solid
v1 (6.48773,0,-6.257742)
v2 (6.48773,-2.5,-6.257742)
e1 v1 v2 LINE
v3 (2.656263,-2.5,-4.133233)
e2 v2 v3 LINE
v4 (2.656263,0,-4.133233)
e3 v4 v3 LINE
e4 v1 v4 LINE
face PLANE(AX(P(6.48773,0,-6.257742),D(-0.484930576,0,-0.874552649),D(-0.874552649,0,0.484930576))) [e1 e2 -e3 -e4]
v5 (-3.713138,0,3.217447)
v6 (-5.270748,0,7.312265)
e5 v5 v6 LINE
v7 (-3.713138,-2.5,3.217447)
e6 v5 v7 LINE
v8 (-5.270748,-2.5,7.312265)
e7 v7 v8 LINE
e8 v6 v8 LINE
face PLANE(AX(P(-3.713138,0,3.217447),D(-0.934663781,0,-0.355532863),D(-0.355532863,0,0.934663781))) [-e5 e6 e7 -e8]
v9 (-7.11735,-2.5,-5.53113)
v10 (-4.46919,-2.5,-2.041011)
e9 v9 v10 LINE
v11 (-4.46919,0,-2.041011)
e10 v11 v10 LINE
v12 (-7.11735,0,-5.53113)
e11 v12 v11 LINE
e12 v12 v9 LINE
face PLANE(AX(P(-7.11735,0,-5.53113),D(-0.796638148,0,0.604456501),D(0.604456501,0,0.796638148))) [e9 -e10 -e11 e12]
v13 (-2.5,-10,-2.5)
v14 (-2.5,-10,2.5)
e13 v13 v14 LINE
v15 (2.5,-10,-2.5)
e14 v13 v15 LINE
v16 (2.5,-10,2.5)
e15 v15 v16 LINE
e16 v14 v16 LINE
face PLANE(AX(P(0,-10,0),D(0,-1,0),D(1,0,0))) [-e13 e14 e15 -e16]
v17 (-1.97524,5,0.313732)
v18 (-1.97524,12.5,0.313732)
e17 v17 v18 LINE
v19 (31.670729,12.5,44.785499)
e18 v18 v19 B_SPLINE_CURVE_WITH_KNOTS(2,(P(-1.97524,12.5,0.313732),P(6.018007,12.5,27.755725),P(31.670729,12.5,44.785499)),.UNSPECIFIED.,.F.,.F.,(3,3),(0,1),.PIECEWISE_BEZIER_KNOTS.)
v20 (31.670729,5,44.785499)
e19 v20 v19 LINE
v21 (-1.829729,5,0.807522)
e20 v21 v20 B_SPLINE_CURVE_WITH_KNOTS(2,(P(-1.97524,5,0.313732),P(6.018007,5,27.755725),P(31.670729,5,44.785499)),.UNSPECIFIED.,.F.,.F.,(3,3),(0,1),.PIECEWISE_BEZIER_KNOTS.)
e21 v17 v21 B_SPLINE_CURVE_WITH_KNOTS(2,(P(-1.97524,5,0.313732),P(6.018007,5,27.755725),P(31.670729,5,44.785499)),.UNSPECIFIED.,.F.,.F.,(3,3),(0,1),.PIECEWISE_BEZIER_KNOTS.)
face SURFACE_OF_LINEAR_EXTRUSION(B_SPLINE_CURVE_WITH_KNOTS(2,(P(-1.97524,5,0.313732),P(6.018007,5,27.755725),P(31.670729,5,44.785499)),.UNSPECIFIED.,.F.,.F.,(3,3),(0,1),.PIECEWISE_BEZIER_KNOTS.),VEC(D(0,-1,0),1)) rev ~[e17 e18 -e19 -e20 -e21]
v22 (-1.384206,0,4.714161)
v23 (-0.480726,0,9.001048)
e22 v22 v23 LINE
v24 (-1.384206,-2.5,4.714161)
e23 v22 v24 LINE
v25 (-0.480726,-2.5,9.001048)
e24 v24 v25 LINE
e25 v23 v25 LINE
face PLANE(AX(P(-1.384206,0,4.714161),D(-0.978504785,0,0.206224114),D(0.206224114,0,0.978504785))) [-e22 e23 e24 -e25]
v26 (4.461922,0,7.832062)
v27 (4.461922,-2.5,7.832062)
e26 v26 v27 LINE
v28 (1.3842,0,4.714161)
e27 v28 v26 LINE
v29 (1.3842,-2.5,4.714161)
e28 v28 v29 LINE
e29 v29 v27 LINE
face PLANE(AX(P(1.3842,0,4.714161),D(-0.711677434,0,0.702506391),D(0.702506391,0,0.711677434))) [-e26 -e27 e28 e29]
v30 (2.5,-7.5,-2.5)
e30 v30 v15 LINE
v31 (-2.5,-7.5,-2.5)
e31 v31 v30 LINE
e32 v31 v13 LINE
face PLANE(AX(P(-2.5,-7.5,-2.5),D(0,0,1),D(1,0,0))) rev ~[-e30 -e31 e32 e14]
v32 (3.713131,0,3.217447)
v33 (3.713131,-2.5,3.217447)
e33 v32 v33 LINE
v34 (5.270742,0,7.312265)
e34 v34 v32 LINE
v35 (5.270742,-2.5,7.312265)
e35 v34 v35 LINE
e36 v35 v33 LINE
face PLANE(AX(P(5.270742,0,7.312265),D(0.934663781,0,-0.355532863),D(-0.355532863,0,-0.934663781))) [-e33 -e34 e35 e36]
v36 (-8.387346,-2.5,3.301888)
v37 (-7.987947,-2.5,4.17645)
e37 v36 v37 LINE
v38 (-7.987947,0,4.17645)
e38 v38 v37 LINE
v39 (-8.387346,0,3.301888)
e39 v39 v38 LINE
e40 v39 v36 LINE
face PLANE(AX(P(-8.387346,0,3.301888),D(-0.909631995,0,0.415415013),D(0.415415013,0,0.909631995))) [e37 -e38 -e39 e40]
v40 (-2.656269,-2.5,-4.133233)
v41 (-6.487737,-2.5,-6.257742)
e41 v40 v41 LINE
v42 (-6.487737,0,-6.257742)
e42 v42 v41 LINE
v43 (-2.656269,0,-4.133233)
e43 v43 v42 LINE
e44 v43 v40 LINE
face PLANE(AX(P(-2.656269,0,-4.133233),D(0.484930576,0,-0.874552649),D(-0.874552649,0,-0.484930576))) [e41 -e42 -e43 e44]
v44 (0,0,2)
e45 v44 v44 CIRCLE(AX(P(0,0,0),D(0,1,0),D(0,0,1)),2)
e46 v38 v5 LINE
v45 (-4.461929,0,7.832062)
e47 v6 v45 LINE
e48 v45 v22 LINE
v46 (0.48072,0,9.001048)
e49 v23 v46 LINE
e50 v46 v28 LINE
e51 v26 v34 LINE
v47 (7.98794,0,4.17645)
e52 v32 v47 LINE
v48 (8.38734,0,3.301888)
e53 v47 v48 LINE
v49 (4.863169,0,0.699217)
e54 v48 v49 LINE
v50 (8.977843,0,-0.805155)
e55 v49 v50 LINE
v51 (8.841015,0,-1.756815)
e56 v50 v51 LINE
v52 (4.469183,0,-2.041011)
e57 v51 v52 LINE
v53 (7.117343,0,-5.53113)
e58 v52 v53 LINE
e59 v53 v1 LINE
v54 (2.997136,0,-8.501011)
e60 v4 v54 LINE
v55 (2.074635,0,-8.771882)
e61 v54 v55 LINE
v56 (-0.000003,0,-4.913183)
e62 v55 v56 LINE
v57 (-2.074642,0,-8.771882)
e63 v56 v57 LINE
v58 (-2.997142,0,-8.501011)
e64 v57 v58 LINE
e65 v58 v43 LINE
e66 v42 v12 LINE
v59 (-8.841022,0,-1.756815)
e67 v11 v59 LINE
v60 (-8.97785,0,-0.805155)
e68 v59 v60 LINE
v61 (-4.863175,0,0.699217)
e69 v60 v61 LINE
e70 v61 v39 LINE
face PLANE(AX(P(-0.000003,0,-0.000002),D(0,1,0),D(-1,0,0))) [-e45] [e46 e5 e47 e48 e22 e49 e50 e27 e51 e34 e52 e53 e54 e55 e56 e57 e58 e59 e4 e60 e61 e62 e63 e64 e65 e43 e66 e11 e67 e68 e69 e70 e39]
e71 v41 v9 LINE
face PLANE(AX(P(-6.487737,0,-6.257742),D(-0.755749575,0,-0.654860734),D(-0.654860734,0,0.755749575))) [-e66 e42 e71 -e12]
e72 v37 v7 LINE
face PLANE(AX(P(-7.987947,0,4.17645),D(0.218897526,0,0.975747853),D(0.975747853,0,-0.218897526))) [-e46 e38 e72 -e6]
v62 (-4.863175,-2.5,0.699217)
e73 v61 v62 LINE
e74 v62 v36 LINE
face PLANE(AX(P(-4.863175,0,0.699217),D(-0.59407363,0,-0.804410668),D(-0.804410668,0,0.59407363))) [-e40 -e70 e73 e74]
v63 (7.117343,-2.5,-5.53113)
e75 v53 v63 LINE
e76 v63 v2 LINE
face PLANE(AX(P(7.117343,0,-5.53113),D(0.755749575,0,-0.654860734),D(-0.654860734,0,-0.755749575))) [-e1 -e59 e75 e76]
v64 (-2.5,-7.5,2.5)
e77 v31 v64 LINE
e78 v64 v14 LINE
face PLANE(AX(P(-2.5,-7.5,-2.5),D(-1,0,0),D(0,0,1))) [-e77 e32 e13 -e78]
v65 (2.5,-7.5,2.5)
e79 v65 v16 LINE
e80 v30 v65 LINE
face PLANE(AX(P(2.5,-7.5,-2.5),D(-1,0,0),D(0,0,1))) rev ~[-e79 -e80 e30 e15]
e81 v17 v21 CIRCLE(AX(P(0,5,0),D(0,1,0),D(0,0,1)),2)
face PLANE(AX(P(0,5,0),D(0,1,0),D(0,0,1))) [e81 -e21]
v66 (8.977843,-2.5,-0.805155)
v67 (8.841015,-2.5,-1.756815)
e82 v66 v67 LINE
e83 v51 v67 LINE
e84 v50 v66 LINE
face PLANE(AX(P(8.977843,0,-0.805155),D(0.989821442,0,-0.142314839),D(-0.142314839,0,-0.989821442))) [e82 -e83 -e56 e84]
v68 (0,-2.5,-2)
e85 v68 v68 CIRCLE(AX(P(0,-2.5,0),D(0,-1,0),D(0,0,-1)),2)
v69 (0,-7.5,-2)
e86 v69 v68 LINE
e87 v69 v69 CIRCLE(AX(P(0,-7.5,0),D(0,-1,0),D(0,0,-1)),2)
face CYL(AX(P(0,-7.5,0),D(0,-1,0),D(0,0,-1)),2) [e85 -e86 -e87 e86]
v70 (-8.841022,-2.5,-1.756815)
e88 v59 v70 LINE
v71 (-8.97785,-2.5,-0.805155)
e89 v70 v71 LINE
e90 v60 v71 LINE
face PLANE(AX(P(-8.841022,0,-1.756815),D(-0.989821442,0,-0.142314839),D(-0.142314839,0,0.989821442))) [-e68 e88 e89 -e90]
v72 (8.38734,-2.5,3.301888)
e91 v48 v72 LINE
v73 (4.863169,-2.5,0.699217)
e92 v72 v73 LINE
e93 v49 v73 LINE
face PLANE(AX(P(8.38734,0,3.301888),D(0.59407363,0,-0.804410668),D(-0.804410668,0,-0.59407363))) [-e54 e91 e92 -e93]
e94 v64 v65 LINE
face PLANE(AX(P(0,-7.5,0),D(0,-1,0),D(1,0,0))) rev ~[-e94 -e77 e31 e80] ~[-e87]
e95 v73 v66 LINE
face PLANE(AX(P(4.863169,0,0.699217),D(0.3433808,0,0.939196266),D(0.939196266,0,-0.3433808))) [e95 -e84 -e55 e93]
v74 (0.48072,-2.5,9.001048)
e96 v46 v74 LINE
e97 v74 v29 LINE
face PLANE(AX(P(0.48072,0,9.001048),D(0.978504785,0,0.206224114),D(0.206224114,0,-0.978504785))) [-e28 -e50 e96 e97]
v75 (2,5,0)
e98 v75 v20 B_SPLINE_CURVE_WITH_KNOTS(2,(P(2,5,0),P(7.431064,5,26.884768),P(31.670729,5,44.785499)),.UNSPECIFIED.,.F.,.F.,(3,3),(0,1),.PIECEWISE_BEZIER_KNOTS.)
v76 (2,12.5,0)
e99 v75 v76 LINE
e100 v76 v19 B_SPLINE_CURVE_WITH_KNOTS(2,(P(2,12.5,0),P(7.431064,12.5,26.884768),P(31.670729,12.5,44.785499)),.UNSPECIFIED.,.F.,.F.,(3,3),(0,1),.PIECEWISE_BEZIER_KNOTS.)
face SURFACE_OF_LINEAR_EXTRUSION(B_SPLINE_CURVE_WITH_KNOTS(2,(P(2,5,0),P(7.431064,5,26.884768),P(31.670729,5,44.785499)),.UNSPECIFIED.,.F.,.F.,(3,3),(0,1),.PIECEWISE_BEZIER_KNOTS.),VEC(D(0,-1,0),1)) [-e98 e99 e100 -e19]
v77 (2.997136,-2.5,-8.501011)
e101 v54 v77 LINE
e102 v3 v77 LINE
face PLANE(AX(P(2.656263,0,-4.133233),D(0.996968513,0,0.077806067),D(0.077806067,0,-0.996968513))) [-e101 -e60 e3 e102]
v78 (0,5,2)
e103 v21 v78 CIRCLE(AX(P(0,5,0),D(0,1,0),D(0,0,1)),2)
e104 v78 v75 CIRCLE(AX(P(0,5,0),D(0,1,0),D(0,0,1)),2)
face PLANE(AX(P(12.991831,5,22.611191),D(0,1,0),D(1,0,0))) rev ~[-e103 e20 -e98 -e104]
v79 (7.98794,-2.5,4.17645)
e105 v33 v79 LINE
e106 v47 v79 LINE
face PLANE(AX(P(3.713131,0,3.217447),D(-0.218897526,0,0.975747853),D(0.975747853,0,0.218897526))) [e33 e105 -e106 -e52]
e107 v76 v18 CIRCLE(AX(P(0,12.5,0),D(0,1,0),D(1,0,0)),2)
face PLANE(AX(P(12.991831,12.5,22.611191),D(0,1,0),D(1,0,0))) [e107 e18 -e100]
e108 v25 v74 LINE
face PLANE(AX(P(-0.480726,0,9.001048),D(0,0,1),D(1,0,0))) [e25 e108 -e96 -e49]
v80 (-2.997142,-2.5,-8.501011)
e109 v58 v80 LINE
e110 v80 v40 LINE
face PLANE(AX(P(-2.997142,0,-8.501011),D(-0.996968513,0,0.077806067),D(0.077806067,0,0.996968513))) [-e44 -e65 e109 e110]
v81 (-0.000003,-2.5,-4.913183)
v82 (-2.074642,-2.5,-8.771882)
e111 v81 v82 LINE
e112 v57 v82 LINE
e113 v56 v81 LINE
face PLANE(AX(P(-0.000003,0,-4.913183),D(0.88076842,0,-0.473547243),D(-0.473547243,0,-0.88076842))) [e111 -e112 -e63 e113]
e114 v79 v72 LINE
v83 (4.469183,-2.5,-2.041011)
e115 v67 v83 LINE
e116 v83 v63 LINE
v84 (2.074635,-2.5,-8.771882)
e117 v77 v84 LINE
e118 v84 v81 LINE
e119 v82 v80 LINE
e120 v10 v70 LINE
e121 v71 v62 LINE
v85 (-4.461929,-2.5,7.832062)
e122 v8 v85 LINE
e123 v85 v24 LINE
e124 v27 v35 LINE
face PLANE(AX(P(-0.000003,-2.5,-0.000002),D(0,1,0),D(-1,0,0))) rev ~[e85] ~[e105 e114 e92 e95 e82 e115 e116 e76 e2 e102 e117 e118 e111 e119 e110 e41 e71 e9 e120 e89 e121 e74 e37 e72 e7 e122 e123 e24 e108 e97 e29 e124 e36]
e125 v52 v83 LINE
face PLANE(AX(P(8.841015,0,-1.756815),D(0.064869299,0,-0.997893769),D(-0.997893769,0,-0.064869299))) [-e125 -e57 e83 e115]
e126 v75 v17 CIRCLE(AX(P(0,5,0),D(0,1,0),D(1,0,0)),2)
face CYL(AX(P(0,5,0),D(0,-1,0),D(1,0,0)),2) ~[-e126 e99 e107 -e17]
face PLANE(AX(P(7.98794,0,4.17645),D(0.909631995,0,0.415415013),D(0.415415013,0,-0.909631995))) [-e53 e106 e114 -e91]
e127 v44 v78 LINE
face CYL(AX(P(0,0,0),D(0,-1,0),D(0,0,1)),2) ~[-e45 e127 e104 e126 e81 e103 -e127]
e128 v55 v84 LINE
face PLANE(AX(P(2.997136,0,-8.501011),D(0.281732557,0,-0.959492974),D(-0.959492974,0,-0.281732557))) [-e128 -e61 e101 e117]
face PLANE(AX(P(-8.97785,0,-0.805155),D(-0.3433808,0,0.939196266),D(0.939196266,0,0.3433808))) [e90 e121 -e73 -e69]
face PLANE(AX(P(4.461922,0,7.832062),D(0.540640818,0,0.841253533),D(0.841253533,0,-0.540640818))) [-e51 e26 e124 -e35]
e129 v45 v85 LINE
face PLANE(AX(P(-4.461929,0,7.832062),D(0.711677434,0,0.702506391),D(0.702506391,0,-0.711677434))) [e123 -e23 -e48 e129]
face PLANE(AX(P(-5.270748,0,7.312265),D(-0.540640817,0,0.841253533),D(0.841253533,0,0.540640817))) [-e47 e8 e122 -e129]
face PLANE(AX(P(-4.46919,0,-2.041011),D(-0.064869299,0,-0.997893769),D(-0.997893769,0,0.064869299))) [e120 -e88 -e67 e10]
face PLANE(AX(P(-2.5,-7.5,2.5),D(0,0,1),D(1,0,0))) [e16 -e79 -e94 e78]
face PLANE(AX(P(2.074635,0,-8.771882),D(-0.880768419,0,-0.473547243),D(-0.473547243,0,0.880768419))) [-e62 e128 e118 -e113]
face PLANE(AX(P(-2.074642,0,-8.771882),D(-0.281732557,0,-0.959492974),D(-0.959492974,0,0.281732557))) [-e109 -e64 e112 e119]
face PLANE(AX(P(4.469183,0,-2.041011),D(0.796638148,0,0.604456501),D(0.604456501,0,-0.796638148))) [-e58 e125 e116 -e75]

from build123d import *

# Parameters (mm, degrees)
ESQUISSE1_R        = 2
BOSS_EXTRU_1_DEPTH = 5
BOSS_EXTRU_2_DEPTH = 7.5
BOSS_EXTRU_3_DEPTH = 2.5
BOSS_EXTRU_4_START = 5
ESQUISSE5_R        = 2
BOSS_EXTRU_4_DEPTH = 5
ESQUISSE6_W        = 5
ESQUISSE6_H        = 5
BOSS_EXTRU_5_DEPTH = 2.5


with BuildPart() as part:
    # Esquisse1 → Boss.-Extru.1 (new body)
    with BuildSketch(Plane(origin=(0, 0, 0), x_dir=(1, 0, 0), z_dir=(0, 1, 0))):
        with Locations(Location((0, 0, 0), (0, 0, 270))):
            Circle(ESQUISSE1_R)
    extrude(amount=BOSS_EXTRU_1_DEPTH)

    # Esquisse2 → Boss.-Extru.2 (add)
    with BuildSketch(Plane(origin=(0, 5, 0), x_dir=(1, 0, 0), z_dir=(0, 1, 0))):
        with BuildLine():
            ThreePointArc((2, 0), (-0.157353741, 1.993800341), (-1.9752398, -0.313731942))
            add(Edge.make_bspline(
                [(-1.9752398, -0.313731942), (6.018007313, -27.755724693), (31.670728762, -44.785499484)],
                knots=[0, 0, 0, 1, 1, 1], degree=2))
            add(Edge.make_bspline(
                [(2, 0), (7.431064096, -26.884767596), (31.670728762, -44.785499484)],
                knots=[0, 0, 0, 1, 1, 1], degree=2))
        make_face()
    extrude(amount=BOSS_EXTRU_2_DEPTH)

    # Esquisse4 → Boss.-Extru.3 (add)
    with BuildSketch(Plane.XZ):
        Polygon((-0.480726256, 9.001048314), (0.480719689, 9.001048314), (1.384199773, 4.71416076), (4.461921977, 7.832061849), (5.270741775, 7.312264927), (3.713131196, 3.217447416), (7.987940467, 4.176450473), (8.387339547, 3.301888479), (4.863168658, 0.699216639), (8.977843256, -0.805155029), (8.841015231, -1.756814841), (4.46918339, -2.041011092), (7.117343203, -5.53113011), (6.487730005, -6.257742475), (2.65626293, -4.133232834), (2.99713593, -8.501011074), (2.0746353, -8.771881699), (-3.284e-06, -4.913182966), (-2.074641867, -8.771881699), (-2.997142497, -8.501011074), (-2.656269497, -4.133232834), (-6.487736572, -6.257742475), (-7.11734977, -5.53113011), (-4.469189957, -2.041011092), (-8.841021798, -1.756814841), (-8.977849823, -0.805155029), (-4.863175225, 0.699216639), (-8.387346114, 3.301888479), (-7.987947034, 4.176450473), (-3.713137763, 3.217447416), (-5.270748343, 7.312264927), (-4.461928544, 7.832061849), (-1.38420634, 4.71416076), align=None)
    extrude(amount=BOSS_EXTRU_3_DEPTH)

    # Esquisse5 → Boss.-Extru.4 (add)
    with BuildSketch(Plane.XZ.offset(2.5).offset(BOSS_EXTRU_4_START)):
        with Locations(Location((0, 0, 0), (0, 0, 270))):
            Circle(ESQUISSE5_R)
    extrude(amount=-BOSS_EXTRU_4_DEPTH)

    # Esquisse6 → Boss.-Extru.5 (add)
    with BuildSketch(Plane.XZ.offset(7.5)):
        Rectangle(ESQUISSE6_W, ESQUISSE6_H)
    extrude(amount=BOSS_EXTRU_5_DEPTH)


solid = part.part
